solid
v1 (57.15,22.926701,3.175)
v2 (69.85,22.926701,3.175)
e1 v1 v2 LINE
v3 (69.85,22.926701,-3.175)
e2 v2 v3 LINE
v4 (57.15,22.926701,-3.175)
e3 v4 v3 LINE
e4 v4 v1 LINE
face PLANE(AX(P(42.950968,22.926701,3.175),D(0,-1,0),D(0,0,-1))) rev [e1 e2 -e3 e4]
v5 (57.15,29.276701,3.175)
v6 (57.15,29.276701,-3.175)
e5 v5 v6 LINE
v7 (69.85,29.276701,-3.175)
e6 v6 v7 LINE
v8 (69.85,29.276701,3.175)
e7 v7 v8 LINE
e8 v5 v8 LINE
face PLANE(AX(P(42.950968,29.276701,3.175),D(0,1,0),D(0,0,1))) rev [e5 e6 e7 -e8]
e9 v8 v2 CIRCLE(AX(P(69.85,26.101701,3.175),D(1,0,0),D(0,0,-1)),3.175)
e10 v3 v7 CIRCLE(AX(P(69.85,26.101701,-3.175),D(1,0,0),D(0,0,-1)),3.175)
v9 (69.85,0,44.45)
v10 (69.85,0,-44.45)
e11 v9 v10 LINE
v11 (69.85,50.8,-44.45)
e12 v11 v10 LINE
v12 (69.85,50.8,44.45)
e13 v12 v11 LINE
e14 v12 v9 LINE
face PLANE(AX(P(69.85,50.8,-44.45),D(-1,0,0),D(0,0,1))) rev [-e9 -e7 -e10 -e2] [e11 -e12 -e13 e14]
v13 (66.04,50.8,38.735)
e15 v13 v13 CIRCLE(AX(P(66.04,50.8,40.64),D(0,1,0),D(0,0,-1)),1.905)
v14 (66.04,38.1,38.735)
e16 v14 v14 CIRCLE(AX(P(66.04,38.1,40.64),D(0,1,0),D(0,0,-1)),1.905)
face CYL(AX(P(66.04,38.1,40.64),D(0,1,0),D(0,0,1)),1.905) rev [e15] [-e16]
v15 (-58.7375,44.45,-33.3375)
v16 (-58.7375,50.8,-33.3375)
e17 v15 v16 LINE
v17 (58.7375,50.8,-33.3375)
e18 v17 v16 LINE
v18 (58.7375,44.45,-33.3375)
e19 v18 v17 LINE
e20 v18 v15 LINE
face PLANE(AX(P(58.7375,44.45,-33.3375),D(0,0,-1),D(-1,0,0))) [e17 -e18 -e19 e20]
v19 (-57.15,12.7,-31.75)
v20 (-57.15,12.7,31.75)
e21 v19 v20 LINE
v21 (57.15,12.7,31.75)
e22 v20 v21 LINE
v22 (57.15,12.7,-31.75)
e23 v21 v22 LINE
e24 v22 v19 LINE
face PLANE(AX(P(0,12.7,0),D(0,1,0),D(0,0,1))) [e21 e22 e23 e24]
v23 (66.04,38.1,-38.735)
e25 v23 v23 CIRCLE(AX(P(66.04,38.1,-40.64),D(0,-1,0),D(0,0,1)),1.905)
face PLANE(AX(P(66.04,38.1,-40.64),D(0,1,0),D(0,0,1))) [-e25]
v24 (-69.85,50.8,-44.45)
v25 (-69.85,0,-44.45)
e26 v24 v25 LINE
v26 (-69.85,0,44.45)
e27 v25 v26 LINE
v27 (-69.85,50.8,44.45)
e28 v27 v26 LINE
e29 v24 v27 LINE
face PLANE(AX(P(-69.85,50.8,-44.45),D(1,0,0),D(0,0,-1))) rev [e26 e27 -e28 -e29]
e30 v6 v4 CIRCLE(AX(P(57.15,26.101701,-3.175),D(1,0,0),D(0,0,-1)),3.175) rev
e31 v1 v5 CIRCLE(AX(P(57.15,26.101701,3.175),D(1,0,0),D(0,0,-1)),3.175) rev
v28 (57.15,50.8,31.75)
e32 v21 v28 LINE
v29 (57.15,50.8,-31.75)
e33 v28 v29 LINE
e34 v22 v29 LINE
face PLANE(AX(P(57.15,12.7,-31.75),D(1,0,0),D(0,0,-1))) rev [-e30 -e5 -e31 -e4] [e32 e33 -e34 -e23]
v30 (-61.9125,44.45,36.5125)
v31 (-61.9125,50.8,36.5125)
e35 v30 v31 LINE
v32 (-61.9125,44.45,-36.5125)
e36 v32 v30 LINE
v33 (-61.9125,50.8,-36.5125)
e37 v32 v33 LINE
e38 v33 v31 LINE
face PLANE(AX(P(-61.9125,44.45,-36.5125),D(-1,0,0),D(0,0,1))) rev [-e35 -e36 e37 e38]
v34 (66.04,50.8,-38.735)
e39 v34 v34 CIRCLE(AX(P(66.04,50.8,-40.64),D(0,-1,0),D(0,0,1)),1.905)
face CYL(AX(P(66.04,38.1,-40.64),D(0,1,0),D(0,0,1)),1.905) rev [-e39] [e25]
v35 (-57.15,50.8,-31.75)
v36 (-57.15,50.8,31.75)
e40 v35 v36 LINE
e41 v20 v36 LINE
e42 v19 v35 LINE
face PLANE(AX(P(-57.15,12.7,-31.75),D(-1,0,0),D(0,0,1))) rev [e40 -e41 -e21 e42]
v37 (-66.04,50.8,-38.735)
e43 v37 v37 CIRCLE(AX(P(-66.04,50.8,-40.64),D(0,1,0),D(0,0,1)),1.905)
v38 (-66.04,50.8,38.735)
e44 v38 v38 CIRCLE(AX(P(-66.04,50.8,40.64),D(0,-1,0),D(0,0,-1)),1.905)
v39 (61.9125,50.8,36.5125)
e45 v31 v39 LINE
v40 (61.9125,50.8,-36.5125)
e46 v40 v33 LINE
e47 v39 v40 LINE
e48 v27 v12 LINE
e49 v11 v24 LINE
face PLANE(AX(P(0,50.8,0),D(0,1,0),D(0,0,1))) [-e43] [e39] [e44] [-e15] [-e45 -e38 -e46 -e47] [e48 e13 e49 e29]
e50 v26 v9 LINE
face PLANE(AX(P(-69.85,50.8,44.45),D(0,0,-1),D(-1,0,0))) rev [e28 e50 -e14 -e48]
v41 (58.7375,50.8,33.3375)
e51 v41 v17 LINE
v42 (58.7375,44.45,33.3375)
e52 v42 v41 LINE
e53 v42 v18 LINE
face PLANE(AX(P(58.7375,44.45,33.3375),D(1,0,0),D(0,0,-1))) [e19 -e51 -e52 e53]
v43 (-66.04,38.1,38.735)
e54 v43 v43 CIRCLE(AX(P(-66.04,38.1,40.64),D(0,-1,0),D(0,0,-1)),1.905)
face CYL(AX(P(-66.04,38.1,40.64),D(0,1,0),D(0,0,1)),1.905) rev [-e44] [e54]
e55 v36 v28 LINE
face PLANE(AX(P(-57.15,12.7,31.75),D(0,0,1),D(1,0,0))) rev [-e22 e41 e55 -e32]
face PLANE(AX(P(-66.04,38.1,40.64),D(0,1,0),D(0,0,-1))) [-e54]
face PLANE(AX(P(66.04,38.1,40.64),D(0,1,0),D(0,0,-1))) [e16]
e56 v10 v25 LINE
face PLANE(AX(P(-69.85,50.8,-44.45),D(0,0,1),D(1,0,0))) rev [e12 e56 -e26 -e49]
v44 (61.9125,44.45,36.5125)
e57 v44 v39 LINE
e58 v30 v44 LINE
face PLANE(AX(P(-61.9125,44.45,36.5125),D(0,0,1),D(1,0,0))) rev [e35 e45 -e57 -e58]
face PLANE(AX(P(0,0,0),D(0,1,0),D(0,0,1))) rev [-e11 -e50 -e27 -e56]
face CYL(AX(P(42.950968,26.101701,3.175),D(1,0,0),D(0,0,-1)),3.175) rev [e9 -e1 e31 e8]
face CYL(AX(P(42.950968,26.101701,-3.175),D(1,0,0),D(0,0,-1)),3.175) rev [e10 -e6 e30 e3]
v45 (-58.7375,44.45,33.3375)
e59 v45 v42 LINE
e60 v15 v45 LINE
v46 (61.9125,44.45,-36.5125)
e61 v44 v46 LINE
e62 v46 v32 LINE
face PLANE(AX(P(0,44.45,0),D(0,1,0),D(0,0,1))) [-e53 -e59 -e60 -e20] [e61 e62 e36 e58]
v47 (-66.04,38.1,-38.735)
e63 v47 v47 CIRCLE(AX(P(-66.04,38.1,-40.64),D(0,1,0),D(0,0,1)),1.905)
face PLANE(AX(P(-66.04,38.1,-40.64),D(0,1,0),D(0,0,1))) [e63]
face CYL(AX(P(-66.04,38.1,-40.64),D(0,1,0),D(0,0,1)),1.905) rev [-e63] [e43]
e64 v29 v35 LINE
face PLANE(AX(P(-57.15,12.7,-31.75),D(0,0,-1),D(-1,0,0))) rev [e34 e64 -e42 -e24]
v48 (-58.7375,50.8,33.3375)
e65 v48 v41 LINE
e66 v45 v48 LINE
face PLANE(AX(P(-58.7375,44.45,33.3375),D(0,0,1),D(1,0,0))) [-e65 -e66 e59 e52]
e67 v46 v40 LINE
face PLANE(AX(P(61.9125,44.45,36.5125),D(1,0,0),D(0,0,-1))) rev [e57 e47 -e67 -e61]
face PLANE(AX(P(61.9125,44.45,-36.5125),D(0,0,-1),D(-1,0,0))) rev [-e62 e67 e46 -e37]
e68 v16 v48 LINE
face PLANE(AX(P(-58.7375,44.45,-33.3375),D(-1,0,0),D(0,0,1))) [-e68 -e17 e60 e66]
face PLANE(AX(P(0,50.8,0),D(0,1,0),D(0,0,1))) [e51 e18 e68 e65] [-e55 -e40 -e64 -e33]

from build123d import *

# Parameters (mm, degrees)
SKETCH1_W               = 139.7
SKETCH1_H               = 88.9
BOSS_EXTRUDE1_DEPTH     = 50.8
SKETCH3_W               = 114.3
SKETCH3_H               = 63.5
CUT_EXTRUDE1_DEPTH      = 38.1
SKETCH6_W               = 123.825
SKETCH6_H               = 73.025
SKETCH6_W_2             = 117.475
SKETCH6_H_2             = 66.675
CUT_EXTRUDE2_DEPTH      = 6.35
SKETCH7_R               = 1.905
CUT_EXTRUDE3_DEPTH      = 12.7
MIRROR2_COPY_1_SKETCH_R = 1.905
MIRROR2_COPY_1_DEPTH    = 12.7
CUT_EXTRUDE5_DEPTH      = 12.7


with BuildPart() as part:
    # Sketch1 → Boss-Extrude1 (new body)
    with BuildSketch(Plane(origin=(0, 0, 0), x_dir=(1, 0, 0), z_dir=(0, 1, 0))):
        Rectangle(SKETCH1_W, SKETCH1_H)
    extrude(amount=BOSS_EXTRUDE1_DEPTH)

    # Sketch3 → Cut-Extrude1 (cut)
    with BuildSketch(Plane(origin=(0, 50.8, 0), x_dir=(1, 0, 0), z_dir=(0, 1, 0))):
        Rectangle(SKETCH3_W, SKETCH3_H)
    extrude(amount=-CUT_EXTRUDE1_DEPTH, mode=Mode.SUBTRACT)

    # Sketch6 → Cut-Extrude2 (cut)
    with BuildSketch(Plane(origin=(0, 50.8, 0), x_dir=(1, 0, 0), z_dir=(0, 1, 0))):
        Rectangle(SKETCH6_W, SKETCH6_H)
        Rectangle(SKETCH6_W_2, SKETCH6_H_2, mode=Mode.SUBTRACT)
    extrude(amount=-CUT_EXTRUDE2_DEPTH, mode=Mode.SUBTRACT)

    # Sketch7 → Cut-Extrude3 (cut)
    with BuildSketch(Plane(origin=(0, 50.8, 0), x_dir=(1, 0, 0), z_dir=(0, 1, 0))):
        with Locations(Location((-66.04, 40.64, 0), (0, 0, 270))):
            Circle(SKETCH7_R)
    cut_extrude3 = extrude(amount=-CUT_EXTRUDE3_DEPTH, mode=Mode.SUBTRACT)

    # Mirror1: Cut-Extrude3 across plane
    add(cut_extrude3.mirror(Plane(origin=(0, 0, 0), x_dir=(0, 0, 1), z_dir=(1, 0, 0))), mode=Mode.SUBTRACT)

    # Mirror2: Cut-Extrude3 across plane
    add(cut_extrude3.mirror(Plane.XY), mode=Mode.SUBTRACT)

    # Mirror2 copy 1 sketch → Mirror2 copy 1 (cut)
    with BuildSketch(Plane(origin=(0, 50.8, 0), x_dir=(-1, 0, 0), z_dir=(0, 1, 0))):
        with Locations(Location((-66.04, 40.64, 0), (0, 0, 270))):
            Circle(MIRROR2_COPY_1_SKETCH_R)
    extrude(amount=-MIRROR2_COPY_1_DEPTH, mode=Mode.SUBTRACT)

    # Sketch9 → Cut-Extrude5 (cut)
    with BuildSketch(Plane(origin=(69.85, 0, 0), x_dir=(0, 0, -1), z_dir=(1, 0, 0))):
        with BuildLine():
            Line((-3.175, 22.926701198), (3.175, 22.926701198))
            ThreePointArc((3.175, 22.926701198), (6.35, 26.101701198), (3.175, 29.276701198))
            Line((3.175, 29.276701198), (-3.175, 29.276701198))
            ThreePointArc((-3.175, 29.276701198), (-6.35, 26.101701198), (-3.175, 22.926701198))
        make_face()
    extrude(amount=-CUT_EXTRUDE5_DEPTH, mode=Mode.SUBTRACT)


solid = part.part
